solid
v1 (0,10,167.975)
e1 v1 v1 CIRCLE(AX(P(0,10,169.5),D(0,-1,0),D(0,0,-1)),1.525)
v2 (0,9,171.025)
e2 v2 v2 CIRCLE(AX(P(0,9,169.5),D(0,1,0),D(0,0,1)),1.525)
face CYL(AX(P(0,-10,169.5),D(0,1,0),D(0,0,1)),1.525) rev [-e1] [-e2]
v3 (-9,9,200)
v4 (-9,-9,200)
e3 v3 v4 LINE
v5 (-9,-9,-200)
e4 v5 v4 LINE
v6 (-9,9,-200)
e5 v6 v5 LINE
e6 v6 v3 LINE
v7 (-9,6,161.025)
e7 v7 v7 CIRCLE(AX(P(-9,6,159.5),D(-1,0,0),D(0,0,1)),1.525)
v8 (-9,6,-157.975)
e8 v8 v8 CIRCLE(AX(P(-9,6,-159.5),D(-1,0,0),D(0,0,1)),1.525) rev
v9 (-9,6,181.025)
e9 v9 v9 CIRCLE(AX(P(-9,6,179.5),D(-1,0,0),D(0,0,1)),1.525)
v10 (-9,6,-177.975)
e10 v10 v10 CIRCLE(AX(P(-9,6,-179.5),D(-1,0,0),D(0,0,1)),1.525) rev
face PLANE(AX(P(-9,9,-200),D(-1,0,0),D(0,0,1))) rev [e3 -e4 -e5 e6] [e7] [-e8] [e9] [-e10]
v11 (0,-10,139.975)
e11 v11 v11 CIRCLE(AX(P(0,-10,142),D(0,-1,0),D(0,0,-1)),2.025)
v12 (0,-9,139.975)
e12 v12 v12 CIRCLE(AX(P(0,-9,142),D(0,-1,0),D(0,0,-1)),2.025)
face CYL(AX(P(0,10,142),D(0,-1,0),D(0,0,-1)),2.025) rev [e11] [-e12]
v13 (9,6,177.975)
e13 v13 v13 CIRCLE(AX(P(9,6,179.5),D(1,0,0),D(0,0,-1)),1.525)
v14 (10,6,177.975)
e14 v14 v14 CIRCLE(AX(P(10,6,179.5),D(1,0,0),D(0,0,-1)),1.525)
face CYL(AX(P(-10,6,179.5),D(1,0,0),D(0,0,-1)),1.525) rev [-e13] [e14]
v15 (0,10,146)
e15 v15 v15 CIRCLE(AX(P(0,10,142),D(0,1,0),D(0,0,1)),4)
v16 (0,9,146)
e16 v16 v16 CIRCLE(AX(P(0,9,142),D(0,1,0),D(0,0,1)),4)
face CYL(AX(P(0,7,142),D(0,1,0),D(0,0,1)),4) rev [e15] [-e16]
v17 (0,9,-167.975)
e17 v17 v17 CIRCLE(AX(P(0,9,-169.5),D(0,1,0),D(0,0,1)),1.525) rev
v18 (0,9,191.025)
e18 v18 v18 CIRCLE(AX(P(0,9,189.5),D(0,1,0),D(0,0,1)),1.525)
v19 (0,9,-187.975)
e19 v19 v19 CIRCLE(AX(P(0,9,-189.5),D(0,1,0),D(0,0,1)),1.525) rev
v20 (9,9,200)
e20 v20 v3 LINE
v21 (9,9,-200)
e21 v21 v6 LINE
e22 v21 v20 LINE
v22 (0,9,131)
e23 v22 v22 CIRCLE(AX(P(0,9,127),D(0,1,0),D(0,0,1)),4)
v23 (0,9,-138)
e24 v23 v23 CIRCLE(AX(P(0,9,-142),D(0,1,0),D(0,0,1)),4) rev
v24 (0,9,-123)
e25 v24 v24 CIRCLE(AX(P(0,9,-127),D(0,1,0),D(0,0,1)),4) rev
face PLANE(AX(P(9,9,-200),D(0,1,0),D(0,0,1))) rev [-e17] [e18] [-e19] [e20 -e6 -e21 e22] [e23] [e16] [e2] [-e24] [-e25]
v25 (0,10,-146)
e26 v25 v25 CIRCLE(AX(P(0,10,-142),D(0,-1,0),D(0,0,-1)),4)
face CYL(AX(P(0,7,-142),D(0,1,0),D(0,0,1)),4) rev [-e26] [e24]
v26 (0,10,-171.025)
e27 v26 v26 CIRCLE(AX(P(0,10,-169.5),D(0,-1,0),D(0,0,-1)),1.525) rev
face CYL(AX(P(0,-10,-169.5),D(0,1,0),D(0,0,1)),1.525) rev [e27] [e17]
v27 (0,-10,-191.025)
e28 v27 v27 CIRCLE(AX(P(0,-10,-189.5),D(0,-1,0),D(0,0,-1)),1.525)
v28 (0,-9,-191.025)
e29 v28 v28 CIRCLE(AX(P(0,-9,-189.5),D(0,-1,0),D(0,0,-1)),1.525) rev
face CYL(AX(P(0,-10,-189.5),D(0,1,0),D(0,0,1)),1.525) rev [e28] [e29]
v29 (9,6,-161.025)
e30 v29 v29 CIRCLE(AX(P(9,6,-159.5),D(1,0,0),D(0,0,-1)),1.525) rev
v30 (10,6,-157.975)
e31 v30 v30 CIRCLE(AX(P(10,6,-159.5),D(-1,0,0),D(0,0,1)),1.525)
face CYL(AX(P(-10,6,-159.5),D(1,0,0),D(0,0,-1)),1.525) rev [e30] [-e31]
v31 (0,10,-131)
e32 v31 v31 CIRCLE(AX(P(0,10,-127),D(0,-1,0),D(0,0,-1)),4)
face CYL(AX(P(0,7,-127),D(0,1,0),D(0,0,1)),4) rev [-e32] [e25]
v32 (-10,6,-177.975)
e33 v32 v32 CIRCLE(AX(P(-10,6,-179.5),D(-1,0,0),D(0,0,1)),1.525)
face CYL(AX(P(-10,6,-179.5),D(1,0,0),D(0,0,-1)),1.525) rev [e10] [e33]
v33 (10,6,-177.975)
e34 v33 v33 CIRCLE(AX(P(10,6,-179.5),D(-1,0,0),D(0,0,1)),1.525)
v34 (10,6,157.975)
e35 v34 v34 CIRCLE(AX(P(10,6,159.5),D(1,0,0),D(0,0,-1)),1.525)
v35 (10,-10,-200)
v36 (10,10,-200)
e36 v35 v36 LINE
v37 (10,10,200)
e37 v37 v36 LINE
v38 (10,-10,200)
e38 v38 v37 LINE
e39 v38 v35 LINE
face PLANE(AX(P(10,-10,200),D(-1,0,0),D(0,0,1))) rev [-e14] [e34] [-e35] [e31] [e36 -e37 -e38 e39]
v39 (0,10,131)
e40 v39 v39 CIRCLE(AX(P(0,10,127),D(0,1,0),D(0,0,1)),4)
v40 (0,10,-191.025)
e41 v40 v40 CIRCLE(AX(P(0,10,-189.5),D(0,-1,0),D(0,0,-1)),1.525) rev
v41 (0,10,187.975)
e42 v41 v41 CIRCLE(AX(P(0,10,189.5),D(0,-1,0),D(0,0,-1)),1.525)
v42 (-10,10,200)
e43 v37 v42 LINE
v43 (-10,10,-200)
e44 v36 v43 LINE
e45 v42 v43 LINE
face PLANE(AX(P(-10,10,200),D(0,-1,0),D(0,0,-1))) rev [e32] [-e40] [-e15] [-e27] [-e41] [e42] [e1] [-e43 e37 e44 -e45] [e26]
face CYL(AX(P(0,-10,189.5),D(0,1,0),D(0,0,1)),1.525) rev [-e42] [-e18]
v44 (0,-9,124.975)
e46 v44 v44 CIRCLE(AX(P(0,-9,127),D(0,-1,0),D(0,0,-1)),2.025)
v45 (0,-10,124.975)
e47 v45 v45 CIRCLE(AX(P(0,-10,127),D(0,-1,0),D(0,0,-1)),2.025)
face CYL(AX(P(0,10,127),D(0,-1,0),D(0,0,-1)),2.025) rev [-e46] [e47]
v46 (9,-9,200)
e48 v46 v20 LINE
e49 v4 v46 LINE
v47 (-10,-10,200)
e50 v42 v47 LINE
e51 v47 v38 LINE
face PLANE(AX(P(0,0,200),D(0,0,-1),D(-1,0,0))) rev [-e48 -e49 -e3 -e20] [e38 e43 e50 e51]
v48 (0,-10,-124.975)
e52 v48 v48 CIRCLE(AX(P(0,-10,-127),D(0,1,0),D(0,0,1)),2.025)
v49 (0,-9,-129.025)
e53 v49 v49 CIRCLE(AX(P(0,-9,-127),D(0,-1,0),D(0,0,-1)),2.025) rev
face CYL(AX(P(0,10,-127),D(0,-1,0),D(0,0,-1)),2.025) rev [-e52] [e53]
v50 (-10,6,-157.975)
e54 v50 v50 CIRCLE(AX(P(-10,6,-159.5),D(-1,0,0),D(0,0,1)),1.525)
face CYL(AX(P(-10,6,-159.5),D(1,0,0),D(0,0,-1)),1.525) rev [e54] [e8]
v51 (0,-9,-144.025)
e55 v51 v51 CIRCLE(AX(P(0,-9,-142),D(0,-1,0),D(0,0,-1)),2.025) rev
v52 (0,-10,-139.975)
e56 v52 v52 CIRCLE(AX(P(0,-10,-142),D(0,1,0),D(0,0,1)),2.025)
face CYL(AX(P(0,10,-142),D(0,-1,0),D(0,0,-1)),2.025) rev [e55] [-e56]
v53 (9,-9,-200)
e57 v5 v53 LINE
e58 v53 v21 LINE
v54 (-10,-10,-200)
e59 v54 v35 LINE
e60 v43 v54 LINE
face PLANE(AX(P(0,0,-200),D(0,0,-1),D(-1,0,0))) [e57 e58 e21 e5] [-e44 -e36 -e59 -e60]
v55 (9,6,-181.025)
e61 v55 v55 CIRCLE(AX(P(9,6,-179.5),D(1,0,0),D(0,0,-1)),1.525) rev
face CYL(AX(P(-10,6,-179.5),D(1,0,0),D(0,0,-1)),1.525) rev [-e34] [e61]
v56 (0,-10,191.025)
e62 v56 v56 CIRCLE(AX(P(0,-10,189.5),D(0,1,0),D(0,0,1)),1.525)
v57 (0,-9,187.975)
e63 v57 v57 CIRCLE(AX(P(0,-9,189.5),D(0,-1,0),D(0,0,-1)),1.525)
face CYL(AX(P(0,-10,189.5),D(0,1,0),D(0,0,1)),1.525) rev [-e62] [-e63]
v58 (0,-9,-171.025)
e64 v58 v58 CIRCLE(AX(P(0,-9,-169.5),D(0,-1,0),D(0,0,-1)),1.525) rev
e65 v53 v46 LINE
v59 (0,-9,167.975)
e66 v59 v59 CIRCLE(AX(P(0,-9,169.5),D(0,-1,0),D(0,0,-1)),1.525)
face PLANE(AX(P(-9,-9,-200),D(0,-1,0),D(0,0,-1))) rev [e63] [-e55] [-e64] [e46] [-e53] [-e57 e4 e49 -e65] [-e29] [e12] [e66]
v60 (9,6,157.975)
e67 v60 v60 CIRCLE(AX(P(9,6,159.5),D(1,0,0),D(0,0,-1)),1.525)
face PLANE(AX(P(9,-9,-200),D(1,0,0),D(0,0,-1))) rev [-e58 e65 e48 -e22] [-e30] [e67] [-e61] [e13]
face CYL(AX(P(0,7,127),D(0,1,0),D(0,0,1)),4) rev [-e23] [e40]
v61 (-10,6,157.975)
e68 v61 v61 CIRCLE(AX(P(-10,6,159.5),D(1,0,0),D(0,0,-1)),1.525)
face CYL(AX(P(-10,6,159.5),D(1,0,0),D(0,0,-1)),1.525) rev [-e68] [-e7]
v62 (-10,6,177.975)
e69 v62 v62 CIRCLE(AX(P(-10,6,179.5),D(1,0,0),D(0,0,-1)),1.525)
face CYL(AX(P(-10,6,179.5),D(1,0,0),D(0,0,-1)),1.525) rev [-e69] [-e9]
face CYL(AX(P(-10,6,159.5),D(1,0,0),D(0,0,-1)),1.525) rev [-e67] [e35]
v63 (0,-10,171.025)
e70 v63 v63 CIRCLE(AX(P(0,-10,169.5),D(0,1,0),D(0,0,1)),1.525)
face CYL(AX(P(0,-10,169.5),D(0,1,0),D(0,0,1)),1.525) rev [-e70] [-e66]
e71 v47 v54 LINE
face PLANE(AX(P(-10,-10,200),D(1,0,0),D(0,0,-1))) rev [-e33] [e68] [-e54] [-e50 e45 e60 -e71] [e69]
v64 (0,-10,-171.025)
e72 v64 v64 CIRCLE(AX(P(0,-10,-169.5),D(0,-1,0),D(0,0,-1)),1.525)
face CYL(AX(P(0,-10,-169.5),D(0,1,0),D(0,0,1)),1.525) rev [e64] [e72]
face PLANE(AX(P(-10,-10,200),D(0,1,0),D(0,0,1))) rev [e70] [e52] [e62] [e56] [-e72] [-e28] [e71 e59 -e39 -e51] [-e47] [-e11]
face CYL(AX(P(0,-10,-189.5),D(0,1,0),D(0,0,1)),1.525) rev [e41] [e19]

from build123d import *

# Parameters (mm, degrees)
SKETCH_1_W               = 20
SKETCH_1_H               = 20
EXTRUDE_1_DEPTH          = 200
SKETCH_2_W               = 18
SKETCH_2_H               = 18
CUT_EXTRUDE_1_DEPTH      = 201
CUT_EXTRUDE_1_DEPTH_BACK = 201
CUT_EXTRUDE_START        = -21
SKETCH_3_R               = 1.525
CUT_EXTRUDE_2_DEPTH      = 22
SKETCH_4_R               = 1.525
CUT_EXTRUDE_3_DEPTH      = 22
SKETCH_5_R               = 2.025
CUT_EXTRUDE_4_DEPTH      = 22
SKETCH_8_R               = 4
CUT_EXTRUDE_5_DEPTH      = 3


with BuildPart() as part:
    # 草图1 → 凸台-拉伸1 (new body, symmetric)
    with BuildSketch(Plane.XY):
        Rectangle(SKETCH_1_W, SKETCH_1_H)
    extrude(amount=EXTRUDE_1_DEPTH, both=True)

    # 草图2 → 切除-拉伸1 (cut, two sides)
    with BuildSketch(Plane.XY) as cut_extrude_1_sk:
        Rectangle(SKETCH_2_W, SKETCH_2_H)
    extrude(amount=CUT_EXTRUDE_1_DEPTH, mode=Mode.SUBTRACT)
    extrude(cut_extrude_1_sk.sketch, amount=-CUT_EXTRUDE_1_DEPTH_BACK, mode=Mode.SUBTRACT)

    # 草图3 → 切除-拉伸2 (cut)
    with BuildSketch(Plane(origin=(0, 10, 0), x_dir=(1, 0, 0), z_dir=(0, 1, 0)).offset(CUT_EXTRUDE_START)):
        with Locations((0, -189.5)):
            Circle(SKETCH_3_R)
        with Locations((0, -169.5)):
            Circle(SKETCH_3_R)
    cut_extrude_2 = extrude(amount=CUT_EXTRUDE_2_DEPTH, mode=Mode.SUBTRACT)

    # 镜向1: 切除-拉伸2 across plane
    add(cut_extrude_2.mirror(Plane.XY), mode=Mode.SUBTRACT)

    # 草图4 → 切除-拉伸3 (cut)
    with BuildSketch(Plane(origin=(10, 0, 0), x_dir=(0, 0, -1), z_dir=(1, 0, 0)).offset(CUT_EXTRUDE_START)):
        with Locations((-179.5, 6)):
            Circle(SKETCH_4_R)
        with Locations((-159.5, 6)):
            Circle(SKETCH_4_R)
    cut_extrude_3 = extrude(amount=CUT_EXTRUDE_3_DEPTH, mode=Mode.SUBTRACT)

    # 草图5 → 切除-拉伸4 (cut)
    with BuildSketch(Plane.XZ.offset(10).offset(CUT_EXTRUDE_START)):
        with Locations((0, 142)):
            Circle(SKETCH_5_R)
        with Locations((0, 127)):
            Circle(SKETCH_5_R)
    cut_extrude_4 = extrude(amount=CUT_EXTRUDE_4_DEPTH, mode=Mode.SUBTRACT)

    # 草图8 → 切除-拉伸5 (cut)
    with BuildSketch(Plane(origin=(0, 10, 0), x_dir=(1, 0, 0), z_dir=(0, 1, 0))):
        with Locations((0, -127)):
            Circle(SKETCH_8_R)
        with Locations((0, -142)):
            Circle(SKETCH_8_R)
    cut_extrude_5 = extrude(amount=-CUT_EXTRUDE_5_DEPTH, mode=Mode.SUBTRACT)

    # 镜向2: 切除-拉伸4, 切除-拉伸5 across plane
    add(cut_extrude_4.mirror(Plane.XY), mode=Mode.SUBTRACT)
    add(cut_extrude_5.mirror(Plane.XY), mode=Mode.SUBTRACT)

    # 镜向3: 切除-拉伸3 across plane
    add(cut_extrude_3.mirror(Plane.XY), mode=Mode.SUBTRACT)


solid = part.part
